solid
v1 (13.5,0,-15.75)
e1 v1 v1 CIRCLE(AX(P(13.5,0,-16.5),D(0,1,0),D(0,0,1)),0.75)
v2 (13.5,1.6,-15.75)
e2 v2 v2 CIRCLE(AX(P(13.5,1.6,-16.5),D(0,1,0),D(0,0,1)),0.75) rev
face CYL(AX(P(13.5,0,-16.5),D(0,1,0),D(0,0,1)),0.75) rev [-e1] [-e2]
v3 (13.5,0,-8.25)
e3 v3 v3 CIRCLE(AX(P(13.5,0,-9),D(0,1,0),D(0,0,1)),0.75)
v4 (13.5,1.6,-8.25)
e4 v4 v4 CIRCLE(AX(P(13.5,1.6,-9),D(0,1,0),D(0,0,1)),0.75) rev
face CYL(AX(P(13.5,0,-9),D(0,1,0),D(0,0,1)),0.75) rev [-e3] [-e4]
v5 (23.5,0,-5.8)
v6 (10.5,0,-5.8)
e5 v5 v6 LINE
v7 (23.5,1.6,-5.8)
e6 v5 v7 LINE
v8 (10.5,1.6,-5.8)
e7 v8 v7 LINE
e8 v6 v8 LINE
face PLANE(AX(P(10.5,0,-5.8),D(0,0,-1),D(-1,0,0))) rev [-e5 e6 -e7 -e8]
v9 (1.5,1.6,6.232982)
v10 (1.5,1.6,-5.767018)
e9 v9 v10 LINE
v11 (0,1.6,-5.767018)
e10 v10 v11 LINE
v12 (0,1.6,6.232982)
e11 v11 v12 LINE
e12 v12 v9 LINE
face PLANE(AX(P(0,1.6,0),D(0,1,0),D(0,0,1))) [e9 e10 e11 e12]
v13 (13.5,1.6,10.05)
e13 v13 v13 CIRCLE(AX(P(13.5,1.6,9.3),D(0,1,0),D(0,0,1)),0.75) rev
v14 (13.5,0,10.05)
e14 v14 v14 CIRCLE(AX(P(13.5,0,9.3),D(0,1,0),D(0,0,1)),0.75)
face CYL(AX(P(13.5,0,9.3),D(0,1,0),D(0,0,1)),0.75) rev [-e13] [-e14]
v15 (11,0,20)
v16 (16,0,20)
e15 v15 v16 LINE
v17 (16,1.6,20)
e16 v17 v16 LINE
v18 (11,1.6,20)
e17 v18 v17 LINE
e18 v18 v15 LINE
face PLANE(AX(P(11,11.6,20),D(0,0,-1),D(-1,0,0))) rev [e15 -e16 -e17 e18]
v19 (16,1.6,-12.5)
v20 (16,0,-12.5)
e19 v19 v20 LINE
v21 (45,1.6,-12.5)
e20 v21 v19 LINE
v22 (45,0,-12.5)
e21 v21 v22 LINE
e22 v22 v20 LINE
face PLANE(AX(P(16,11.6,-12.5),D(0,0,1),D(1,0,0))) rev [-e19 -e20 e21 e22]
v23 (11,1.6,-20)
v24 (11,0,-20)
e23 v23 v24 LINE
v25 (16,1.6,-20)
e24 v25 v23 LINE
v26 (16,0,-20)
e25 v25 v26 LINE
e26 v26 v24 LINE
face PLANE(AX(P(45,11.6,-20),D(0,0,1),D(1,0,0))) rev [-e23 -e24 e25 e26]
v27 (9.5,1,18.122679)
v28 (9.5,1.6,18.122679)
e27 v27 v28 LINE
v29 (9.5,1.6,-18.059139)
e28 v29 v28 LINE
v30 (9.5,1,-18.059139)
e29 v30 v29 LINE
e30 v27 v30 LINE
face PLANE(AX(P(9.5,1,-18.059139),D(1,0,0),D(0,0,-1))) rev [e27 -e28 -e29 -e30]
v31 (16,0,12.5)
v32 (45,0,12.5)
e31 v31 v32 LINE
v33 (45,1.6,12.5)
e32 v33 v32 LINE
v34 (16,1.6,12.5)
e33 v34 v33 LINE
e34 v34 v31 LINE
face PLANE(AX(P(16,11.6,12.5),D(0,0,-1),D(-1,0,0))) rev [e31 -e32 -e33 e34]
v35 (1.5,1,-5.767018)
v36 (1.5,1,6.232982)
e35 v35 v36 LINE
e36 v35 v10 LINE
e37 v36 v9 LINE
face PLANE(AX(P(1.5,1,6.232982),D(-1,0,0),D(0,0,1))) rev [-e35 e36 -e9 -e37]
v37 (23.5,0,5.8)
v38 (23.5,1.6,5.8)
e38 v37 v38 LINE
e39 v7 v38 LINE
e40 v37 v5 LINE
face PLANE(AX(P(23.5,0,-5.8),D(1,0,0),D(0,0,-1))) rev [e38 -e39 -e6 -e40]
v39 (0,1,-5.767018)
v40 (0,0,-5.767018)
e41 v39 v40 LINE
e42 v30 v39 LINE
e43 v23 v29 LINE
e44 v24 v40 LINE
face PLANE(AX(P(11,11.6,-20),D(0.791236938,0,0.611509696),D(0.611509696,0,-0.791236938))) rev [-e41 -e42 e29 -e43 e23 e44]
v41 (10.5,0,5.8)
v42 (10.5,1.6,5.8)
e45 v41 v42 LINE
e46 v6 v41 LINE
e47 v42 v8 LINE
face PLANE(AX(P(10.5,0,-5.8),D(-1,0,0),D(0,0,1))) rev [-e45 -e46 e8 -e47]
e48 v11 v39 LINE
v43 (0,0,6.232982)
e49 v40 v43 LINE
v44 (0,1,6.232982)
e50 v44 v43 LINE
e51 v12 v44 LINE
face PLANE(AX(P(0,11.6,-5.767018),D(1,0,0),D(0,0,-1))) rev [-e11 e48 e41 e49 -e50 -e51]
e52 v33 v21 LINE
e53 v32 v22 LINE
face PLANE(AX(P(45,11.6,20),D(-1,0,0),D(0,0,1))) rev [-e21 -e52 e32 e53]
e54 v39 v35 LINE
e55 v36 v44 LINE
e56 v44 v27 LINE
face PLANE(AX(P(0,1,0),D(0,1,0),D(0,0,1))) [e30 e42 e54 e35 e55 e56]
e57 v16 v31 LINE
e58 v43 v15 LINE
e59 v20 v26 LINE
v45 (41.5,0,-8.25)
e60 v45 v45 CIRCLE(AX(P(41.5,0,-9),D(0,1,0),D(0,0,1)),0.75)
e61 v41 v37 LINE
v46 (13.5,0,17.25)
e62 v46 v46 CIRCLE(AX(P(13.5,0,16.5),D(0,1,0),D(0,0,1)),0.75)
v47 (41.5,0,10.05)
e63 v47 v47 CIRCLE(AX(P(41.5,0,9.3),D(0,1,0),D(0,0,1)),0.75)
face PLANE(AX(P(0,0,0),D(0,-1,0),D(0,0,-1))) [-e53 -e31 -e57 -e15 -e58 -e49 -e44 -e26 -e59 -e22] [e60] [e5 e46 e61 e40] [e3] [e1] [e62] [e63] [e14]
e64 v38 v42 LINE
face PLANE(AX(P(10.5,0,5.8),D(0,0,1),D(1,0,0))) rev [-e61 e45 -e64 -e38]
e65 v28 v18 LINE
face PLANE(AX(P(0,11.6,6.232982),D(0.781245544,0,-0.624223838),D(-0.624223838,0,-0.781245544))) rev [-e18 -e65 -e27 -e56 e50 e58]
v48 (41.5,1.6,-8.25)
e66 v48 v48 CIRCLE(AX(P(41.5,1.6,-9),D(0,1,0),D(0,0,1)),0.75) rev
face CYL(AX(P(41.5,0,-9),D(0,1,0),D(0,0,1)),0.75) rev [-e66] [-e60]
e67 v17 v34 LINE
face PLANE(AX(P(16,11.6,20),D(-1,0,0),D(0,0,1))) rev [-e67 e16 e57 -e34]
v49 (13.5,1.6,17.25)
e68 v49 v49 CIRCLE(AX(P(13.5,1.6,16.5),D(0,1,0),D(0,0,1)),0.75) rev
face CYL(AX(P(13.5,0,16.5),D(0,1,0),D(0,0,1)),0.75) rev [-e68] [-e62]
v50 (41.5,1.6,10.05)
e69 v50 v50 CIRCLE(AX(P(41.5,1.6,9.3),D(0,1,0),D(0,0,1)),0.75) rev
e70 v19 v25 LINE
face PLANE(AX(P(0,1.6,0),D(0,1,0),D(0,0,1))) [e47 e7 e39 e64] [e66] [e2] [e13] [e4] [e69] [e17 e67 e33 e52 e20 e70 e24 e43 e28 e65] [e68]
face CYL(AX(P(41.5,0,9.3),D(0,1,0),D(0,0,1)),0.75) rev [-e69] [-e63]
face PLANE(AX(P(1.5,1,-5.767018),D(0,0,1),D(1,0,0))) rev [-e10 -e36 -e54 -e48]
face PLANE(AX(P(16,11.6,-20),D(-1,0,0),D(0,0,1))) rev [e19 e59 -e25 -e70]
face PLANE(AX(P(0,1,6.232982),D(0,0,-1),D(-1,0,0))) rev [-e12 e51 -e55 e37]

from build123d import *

# Parameters (mm, degrees)
BOSS_EXTRUDE1_DEPTH = 11.6
CUT_EXTRUDE1_DEPTH  = 9.85
SKETCH5_W           = 13
SKETCH5_H           = 11.6
CUT_EXTRUDE3_DEPTH  = 51.592094244
CUT_EXTRUDE5_DEPTH  = 9.85
SKETCH9_W           = 29
SKETCH9_H           = 7.5
CUT_EXTRUDE7_DEPTH  = 51.592094244
SKETCH10_R          = 0.75
CUT_EXTRUDE8_DEPTH  = 51.592094244
SKETCH11_W          = 1.5
SKETCH11_H          = 12
CUT_EXTRUDE9_DEPTH  = 10
CUT_EXTRUDE10_DEPTH = 0.75


with BuildPart() as part:
    # Sketch2 → Boss-Extrude1 (new body)
    with BuildSketch(Plane(origin=(0, 0, 0), x_dir=(1, 0, 0), z_dir=(0, 1, 0))):
        Polygon((0, 5.767018283), (0, -6.232981717), (11, -20), (45, -20), (45, 20), (11, 20), align=None)
    extrude(amount=BOSS_EXTRUDE1_DEPTH)

    # Sketch3 → Cut-Extrude1 (cut)
    with BuildSketch(Plane(origin=(0, 11.6, 0), x_dir=(1, 0, 0), z_dir=(0, 1, 0))):
        Polygon((1.5, 7.707879426), (1.5, -8.110302392), (9.5, -18.122679325), (9.5, 18.059138857), align=None)
    extrude(amount=-CUT_EXTRUDE1_DEPTH, mode=Mode.SUBTRACT)

    # Sketch5 → Cut-Extrude3 (cut, through all)
    with BuildSketch(Plane(origin=(0, 11.6, 0), x_dir=(1, 0, 0), z_dir=(0, 1, 0))):
        with Locations((17, 0)):
            Rectangle(SKETCH5_W, SKETCH5_H)
    extrude(amount=-CUT_EXTRUDE3_DEPTH, mode=Mode.SUBTRACT)

    # Sketch7 → Cut-Extrude5 (cut)
    with BuildSketch(Plane(origin=(0, 11.6, 0), x_dir=(1, 0, 0), z_dir=(0, 1, 0))):
        Polygon((1.5, 7.707879426), (0, 5.767018283), (1.5, 5.767018283), align=None)
        Polygon((0, -6.232981717), (1.5, -6.232981717), (1.5, -8.110302392), align=None)
    extrude(amount=-CUT_EXTRUDE5_DEPTH, mode=Mode.SUBTRACT)

    # Sketch9 → Cut-Extrude7 (cut, through all)
    with BuildSketch(Plane.XZ):
        with Locations((30.5, 16.25)):
            Rectangle(SKETCH9_W, SKETCH9_H)
        with Locations((30.5, -16.25)):
            Rectangle(SKETCH9_W, SKETCH9_H)
    extrude(amount=-CUT_EXTRUDE7_DEPTH, mode=Mode.SUBTRACT)

    # Sketch10 → Cut-Extrude8 (cut, through all)
    with BuildSketch(Plane(origin=(0, 11.6, 0), x_dir=(1, 0, 0), z_dir=(0, 1, 0))):
        with Locations(Location((13.5, 16.5, 0), (0, 0, 270))):
            Circle(SKETCH10_R)
        with Locations(Location((13.5, 9, 0), (0, 0, 270))):
            Circle(SKETCH10_R)
        with Locations(Location((41.5, 9, 0), (0, 0, 270))):
            Circle(SKETCH10_R)
        with Locations(Location((41.5, -9.3, 0), (0, 0, 270))):
            Circle(SKETCH10_R)
        with Locations(Location((13.5, -9.3, 0), (0, 0, 270))):
            Circle(SKETCH10_R)
        with Locations(Location((13.5, -16.5, 0), (0, 0, 270))):
            Circle(SKETCH10_R)
    extrude(amount=-CUT_EXTRUDE8_DEPTH, mode=Mode.SUBTRACT)

    # Sketch11 → Cut-Extrude9 (cut)
    with BuildSketch(Plane(origin=(0, 11.6, 0), x_dir=(1, 0, 0), z_dir=(0, 1, 0))):
        Polygon((9.5, 18.059138857), (9.5, -18.122679325), (11, -20), (16, -20), (16, -12.5), (45, -12.5), (45, 12.5), (16, 12.5), (16, 20), (11, 20), align=None)
        with Locations((0.75, -0.232981717)):
            Rectangle(SKETCH11_W, SKETCH11_H)
    extrude(amount=-CUT_EXTRUDE9_DEPTH, mode=Mode.SUBTRACT)

    # Sketch12 → Cut-Extrude10 (cut)
    with BuildSketch(Plane(origin=(0, 1.75, 0), x_dir=(1, 0, 0), z_dir=(0, 1, 0))):
        Polygon((0, 5.767018283), (9.5, 18.059138857), (9.5, -18.122679325), (0, -6.232981717), (1.5, -6.232981717), (1.5, 5.767018283), align=None)
    extrude(amount=-CUT_EXTRUDE10_DEPTH, mode=Mode.SUBTRACT)


solid = part.part
